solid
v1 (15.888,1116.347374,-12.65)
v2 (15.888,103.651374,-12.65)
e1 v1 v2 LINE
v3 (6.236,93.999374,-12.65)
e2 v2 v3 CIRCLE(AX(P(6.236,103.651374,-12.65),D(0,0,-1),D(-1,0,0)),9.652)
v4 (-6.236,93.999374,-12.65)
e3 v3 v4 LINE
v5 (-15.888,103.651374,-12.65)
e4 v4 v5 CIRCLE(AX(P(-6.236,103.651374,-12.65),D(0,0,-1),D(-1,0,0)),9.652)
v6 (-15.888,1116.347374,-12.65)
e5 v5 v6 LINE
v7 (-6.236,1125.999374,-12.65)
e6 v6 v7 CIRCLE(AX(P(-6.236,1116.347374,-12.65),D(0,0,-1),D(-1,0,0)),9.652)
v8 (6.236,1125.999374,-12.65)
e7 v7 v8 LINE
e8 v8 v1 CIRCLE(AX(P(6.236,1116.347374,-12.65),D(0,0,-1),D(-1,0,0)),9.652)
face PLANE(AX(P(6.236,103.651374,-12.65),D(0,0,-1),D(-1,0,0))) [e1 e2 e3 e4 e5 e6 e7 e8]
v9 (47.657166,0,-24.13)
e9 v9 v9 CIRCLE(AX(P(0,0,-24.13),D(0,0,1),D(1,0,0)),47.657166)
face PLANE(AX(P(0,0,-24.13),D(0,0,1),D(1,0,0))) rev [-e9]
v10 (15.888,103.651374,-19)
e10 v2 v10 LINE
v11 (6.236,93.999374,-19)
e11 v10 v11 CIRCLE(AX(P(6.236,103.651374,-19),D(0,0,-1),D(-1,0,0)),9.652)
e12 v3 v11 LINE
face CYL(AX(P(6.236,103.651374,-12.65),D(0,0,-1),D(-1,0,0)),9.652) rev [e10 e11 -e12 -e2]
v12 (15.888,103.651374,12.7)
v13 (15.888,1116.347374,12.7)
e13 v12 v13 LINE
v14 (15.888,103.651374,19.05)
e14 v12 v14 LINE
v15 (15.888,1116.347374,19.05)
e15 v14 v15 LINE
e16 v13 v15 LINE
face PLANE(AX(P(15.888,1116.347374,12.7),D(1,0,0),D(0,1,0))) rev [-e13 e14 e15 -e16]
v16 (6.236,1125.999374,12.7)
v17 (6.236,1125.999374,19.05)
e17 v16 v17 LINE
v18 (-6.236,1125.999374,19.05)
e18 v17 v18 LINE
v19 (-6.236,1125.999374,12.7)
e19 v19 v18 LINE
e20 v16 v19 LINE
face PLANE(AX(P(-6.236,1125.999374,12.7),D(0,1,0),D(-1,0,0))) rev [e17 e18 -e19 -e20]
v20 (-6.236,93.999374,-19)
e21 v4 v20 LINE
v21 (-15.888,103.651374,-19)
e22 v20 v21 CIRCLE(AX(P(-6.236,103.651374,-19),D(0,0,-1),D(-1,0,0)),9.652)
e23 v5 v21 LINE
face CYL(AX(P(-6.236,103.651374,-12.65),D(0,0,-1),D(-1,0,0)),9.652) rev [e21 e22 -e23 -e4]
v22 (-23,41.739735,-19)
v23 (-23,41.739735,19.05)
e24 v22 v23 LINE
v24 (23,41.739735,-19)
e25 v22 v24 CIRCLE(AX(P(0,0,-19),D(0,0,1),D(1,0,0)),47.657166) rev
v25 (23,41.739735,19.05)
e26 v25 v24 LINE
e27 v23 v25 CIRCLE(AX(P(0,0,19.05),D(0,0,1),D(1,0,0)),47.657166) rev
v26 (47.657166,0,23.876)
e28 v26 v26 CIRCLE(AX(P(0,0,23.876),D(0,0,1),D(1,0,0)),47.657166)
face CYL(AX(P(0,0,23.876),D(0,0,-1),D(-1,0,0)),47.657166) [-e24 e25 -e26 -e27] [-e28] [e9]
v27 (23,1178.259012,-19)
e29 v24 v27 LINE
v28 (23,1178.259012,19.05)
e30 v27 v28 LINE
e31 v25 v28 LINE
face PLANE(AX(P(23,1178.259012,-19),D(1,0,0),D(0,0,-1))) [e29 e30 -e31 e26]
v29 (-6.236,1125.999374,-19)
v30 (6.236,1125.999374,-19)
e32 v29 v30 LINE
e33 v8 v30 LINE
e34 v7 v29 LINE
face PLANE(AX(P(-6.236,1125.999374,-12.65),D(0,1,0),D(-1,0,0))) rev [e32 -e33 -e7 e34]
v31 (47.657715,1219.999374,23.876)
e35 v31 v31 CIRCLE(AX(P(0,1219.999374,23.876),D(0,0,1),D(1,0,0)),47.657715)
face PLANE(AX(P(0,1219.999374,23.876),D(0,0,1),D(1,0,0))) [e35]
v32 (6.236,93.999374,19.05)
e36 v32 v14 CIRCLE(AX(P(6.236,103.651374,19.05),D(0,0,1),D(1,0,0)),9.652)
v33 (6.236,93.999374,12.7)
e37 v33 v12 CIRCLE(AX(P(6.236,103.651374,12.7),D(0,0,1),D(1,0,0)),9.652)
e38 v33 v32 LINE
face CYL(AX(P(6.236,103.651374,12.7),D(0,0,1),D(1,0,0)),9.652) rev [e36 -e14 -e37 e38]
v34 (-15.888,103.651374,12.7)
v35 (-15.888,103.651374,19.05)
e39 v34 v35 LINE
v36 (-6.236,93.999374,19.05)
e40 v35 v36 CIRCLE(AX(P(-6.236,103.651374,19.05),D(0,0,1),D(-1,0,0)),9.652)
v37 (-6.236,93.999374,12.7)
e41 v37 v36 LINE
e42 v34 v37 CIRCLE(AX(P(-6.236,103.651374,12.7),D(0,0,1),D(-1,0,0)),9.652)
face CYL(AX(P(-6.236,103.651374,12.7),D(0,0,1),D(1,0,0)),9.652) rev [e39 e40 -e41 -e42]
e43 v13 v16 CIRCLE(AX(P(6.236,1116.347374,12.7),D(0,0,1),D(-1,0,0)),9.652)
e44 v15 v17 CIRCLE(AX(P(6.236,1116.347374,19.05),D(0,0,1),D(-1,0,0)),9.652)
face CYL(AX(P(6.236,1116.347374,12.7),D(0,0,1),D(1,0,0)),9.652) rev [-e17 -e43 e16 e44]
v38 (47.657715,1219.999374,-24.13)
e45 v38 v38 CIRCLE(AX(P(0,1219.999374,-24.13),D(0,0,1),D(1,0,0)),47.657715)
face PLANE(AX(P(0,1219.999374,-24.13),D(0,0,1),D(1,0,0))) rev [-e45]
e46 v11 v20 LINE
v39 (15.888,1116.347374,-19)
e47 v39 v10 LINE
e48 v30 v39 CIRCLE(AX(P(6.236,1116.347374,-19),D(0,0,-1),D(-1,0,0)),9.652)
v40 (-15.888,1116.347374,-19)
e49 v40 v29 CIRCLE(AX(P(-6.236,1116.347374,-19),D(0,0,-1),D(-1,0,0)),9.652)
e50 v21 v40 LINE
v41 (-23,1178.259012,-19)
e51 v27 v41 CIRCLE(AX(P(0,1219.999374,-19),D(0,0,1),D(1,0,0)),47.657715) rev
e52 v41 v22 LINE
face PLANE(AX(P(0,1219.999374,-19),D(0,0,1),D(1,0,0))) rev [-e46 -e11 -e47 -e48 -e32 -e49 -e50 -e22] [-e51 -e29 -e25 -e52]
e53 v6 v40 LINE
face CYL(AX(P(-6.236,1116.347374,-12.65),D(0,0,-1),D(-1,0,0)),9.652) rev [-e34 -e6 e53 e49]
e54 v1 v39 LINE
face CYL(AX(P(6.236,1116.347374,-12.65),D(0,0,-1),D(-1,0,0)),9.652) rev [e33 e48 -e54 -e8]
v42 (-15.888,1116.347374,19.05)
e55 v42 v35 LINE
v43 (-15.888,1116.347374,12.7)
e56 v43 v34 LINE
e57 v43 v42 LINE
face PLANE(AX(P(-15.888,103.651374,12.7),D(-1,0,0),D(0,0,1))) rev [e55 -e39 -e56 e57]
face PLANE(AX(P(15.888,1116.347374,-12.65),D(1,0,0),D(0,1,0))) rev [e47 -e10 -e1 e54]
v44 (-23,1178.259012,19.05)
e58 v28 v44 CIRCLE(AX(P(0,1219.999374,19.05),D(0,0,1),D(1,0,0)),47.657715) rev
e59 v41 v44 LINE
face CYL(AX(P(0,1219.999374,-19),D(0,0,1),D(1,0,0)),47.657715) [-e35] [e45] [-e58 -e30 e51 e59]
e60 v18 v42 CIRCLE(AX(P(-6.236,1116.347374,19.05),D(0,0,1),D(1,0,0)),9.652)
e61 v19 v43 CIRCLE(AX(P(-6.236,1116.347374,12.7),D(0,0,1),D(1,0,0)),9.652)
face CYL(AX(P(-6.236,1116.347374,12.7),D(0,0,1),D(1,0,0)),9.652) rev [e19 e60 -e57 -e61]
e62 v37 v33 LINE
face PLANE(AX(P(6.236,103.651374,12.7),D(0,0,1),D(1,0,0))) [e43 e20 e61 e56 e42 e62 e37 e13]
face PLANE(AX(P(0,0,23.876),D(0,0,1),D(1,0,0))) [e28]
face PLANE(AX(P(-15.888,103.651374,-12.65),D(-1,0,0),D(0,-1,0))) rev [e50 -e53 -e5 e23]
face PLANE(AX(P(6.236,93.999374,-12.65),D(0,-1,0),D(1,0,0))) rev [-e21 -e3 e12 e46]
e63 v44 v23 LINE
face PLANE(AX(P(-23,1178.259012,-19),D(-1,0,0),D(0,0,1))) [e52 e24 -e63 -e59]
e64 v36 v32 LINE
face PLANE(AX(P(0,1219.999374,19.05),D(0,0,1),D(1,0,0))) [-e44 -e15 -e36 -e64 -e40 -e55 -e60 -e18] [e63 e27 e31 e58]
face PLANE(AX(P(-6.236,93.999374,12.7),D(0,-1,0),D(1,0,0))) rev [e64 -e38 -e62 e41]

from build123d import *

# Parameters (mm, degrees)
EXTRUDE1_DEPTH      = 19.05
EXTRUDE1_DEPTH_BACK = 19
CUT_EXTRUDE1_DEPTH  = 6.35
CUT_EXTRUDE2_DEPTH  = 6.35
SKETCH6_R           = 47.657715
SKETCH6_R_2         = 47.657166
EXTRUDE2_DEPTH      = 4.826
EXTRUDE2_DEPTH_BACK = 43.18


with BuildPart() as part:
    # Sketch3 → Extrude1 (new body, two sides)
    with BuildSketch(Plane.XY) as extrude1_sk:
        with BuildLine():
            Line((23, 1178.259012), (23, 41.73971))
            ThreePointArc((23, 41.73971), (0, -47.657144), (-23, 41.73971))
            Line((-23, 41.73971), (-23, 1178.259012))
            ThreePointArc((-23, 1178.259012), (0, 1267.657089), (23, 1178.259012))
        make_face()
    extrude(amount=EXTRUDE1_DEPTH)
    extrude(extrude1_sk.sketch, amount=-EXTRUDE1_DEPTH_BACK)

    # Sketch4 → Cut-Extrude1 (cut)
    with BuildSketch(Plane.XY.offset(19.05)):
        with BuildLine():
            Line((15.888, 1116.347374), (15.888, 103.651374))
            ThreePointArc((15.888, 103.651374), (13.060995, 96.826379), (6.236, 93.999374))
            Line((6.236, 93.999374), (-6.236, 93.999374))
            ThreePointArc((-6.236, 93.999374), (-13.060995, 96.826379), (-15.888, 103.651374))
            Line((-15.888, 103.651374), (-15.888, 1116.347374))
            ThreePointArc((-15.888, 1116.347374), (-13.060995, 1123.172368), (-6.236, 1125.999374))
            Line((-6.236, 1125.999374), (6.236, 1125.999374))
            ThreePointArc((6.236, 1125.999374), (13.060995, 1123.172368), (15.888, 1116.347374))
        make_face()
    extrude(amount=-CUT_EXTRUDE1_DEPTH, mode=Mode.SUBTRACT)

    # Sketch5 → Cut-Extrude2 (cut)
    with BuildSketch(Plane(origin=(0, 0, -19), x_dir=(-1, 0, 0), z_dir=(0, 0, -1))):
        with BuildLine():
            Line((-15.888, 1116.347374), (-15.888, 103.651374))
            ThreePointArc((-15.888, 103.651374), (-13.060995, 96.826379), (-6.236, 93.999374))
            Line((-6.236, 93.999374), (6.236, 93.999374))
            ThreePointArc((6.236, 93.999374), (13.060995, 96.826379), (15.888, 103.651374))
            Line((15.888, 103.651374), (15.888, 1116.347374))
            ThreePointArc((15.888, 1116.347374), (13.060995, 1123.172368), (6.236, 1125.999374))
            Line((6.236, 1125.999374), (-6.236, 1125.999374))
            ThreePointArc((-6.236, 1125.999374), (-13.060995, 1123.172368), (-15.888, 1116.347374))
        make_face()
    extrude(amount=-CUT_EXTRUDE2_DEPTH, mode=Mode.SUBTRACT)

    # Sketch6 → Extrude2 (add, two sides)
    with BuildSketch(Plane.XY.offset(19.05)) as extrude2_sk:
        with Locations((0, 1219.999374)):
            Circle(SKETCH6_R)
        Circle(SKETCH6_R_2)
    extrude(amount=EXTRUDE2_DEPTH)
    extrude(extrude2_sk.sketch, amount=-EXTRUDE2_DEPTH_BACK)


solid = part.part
